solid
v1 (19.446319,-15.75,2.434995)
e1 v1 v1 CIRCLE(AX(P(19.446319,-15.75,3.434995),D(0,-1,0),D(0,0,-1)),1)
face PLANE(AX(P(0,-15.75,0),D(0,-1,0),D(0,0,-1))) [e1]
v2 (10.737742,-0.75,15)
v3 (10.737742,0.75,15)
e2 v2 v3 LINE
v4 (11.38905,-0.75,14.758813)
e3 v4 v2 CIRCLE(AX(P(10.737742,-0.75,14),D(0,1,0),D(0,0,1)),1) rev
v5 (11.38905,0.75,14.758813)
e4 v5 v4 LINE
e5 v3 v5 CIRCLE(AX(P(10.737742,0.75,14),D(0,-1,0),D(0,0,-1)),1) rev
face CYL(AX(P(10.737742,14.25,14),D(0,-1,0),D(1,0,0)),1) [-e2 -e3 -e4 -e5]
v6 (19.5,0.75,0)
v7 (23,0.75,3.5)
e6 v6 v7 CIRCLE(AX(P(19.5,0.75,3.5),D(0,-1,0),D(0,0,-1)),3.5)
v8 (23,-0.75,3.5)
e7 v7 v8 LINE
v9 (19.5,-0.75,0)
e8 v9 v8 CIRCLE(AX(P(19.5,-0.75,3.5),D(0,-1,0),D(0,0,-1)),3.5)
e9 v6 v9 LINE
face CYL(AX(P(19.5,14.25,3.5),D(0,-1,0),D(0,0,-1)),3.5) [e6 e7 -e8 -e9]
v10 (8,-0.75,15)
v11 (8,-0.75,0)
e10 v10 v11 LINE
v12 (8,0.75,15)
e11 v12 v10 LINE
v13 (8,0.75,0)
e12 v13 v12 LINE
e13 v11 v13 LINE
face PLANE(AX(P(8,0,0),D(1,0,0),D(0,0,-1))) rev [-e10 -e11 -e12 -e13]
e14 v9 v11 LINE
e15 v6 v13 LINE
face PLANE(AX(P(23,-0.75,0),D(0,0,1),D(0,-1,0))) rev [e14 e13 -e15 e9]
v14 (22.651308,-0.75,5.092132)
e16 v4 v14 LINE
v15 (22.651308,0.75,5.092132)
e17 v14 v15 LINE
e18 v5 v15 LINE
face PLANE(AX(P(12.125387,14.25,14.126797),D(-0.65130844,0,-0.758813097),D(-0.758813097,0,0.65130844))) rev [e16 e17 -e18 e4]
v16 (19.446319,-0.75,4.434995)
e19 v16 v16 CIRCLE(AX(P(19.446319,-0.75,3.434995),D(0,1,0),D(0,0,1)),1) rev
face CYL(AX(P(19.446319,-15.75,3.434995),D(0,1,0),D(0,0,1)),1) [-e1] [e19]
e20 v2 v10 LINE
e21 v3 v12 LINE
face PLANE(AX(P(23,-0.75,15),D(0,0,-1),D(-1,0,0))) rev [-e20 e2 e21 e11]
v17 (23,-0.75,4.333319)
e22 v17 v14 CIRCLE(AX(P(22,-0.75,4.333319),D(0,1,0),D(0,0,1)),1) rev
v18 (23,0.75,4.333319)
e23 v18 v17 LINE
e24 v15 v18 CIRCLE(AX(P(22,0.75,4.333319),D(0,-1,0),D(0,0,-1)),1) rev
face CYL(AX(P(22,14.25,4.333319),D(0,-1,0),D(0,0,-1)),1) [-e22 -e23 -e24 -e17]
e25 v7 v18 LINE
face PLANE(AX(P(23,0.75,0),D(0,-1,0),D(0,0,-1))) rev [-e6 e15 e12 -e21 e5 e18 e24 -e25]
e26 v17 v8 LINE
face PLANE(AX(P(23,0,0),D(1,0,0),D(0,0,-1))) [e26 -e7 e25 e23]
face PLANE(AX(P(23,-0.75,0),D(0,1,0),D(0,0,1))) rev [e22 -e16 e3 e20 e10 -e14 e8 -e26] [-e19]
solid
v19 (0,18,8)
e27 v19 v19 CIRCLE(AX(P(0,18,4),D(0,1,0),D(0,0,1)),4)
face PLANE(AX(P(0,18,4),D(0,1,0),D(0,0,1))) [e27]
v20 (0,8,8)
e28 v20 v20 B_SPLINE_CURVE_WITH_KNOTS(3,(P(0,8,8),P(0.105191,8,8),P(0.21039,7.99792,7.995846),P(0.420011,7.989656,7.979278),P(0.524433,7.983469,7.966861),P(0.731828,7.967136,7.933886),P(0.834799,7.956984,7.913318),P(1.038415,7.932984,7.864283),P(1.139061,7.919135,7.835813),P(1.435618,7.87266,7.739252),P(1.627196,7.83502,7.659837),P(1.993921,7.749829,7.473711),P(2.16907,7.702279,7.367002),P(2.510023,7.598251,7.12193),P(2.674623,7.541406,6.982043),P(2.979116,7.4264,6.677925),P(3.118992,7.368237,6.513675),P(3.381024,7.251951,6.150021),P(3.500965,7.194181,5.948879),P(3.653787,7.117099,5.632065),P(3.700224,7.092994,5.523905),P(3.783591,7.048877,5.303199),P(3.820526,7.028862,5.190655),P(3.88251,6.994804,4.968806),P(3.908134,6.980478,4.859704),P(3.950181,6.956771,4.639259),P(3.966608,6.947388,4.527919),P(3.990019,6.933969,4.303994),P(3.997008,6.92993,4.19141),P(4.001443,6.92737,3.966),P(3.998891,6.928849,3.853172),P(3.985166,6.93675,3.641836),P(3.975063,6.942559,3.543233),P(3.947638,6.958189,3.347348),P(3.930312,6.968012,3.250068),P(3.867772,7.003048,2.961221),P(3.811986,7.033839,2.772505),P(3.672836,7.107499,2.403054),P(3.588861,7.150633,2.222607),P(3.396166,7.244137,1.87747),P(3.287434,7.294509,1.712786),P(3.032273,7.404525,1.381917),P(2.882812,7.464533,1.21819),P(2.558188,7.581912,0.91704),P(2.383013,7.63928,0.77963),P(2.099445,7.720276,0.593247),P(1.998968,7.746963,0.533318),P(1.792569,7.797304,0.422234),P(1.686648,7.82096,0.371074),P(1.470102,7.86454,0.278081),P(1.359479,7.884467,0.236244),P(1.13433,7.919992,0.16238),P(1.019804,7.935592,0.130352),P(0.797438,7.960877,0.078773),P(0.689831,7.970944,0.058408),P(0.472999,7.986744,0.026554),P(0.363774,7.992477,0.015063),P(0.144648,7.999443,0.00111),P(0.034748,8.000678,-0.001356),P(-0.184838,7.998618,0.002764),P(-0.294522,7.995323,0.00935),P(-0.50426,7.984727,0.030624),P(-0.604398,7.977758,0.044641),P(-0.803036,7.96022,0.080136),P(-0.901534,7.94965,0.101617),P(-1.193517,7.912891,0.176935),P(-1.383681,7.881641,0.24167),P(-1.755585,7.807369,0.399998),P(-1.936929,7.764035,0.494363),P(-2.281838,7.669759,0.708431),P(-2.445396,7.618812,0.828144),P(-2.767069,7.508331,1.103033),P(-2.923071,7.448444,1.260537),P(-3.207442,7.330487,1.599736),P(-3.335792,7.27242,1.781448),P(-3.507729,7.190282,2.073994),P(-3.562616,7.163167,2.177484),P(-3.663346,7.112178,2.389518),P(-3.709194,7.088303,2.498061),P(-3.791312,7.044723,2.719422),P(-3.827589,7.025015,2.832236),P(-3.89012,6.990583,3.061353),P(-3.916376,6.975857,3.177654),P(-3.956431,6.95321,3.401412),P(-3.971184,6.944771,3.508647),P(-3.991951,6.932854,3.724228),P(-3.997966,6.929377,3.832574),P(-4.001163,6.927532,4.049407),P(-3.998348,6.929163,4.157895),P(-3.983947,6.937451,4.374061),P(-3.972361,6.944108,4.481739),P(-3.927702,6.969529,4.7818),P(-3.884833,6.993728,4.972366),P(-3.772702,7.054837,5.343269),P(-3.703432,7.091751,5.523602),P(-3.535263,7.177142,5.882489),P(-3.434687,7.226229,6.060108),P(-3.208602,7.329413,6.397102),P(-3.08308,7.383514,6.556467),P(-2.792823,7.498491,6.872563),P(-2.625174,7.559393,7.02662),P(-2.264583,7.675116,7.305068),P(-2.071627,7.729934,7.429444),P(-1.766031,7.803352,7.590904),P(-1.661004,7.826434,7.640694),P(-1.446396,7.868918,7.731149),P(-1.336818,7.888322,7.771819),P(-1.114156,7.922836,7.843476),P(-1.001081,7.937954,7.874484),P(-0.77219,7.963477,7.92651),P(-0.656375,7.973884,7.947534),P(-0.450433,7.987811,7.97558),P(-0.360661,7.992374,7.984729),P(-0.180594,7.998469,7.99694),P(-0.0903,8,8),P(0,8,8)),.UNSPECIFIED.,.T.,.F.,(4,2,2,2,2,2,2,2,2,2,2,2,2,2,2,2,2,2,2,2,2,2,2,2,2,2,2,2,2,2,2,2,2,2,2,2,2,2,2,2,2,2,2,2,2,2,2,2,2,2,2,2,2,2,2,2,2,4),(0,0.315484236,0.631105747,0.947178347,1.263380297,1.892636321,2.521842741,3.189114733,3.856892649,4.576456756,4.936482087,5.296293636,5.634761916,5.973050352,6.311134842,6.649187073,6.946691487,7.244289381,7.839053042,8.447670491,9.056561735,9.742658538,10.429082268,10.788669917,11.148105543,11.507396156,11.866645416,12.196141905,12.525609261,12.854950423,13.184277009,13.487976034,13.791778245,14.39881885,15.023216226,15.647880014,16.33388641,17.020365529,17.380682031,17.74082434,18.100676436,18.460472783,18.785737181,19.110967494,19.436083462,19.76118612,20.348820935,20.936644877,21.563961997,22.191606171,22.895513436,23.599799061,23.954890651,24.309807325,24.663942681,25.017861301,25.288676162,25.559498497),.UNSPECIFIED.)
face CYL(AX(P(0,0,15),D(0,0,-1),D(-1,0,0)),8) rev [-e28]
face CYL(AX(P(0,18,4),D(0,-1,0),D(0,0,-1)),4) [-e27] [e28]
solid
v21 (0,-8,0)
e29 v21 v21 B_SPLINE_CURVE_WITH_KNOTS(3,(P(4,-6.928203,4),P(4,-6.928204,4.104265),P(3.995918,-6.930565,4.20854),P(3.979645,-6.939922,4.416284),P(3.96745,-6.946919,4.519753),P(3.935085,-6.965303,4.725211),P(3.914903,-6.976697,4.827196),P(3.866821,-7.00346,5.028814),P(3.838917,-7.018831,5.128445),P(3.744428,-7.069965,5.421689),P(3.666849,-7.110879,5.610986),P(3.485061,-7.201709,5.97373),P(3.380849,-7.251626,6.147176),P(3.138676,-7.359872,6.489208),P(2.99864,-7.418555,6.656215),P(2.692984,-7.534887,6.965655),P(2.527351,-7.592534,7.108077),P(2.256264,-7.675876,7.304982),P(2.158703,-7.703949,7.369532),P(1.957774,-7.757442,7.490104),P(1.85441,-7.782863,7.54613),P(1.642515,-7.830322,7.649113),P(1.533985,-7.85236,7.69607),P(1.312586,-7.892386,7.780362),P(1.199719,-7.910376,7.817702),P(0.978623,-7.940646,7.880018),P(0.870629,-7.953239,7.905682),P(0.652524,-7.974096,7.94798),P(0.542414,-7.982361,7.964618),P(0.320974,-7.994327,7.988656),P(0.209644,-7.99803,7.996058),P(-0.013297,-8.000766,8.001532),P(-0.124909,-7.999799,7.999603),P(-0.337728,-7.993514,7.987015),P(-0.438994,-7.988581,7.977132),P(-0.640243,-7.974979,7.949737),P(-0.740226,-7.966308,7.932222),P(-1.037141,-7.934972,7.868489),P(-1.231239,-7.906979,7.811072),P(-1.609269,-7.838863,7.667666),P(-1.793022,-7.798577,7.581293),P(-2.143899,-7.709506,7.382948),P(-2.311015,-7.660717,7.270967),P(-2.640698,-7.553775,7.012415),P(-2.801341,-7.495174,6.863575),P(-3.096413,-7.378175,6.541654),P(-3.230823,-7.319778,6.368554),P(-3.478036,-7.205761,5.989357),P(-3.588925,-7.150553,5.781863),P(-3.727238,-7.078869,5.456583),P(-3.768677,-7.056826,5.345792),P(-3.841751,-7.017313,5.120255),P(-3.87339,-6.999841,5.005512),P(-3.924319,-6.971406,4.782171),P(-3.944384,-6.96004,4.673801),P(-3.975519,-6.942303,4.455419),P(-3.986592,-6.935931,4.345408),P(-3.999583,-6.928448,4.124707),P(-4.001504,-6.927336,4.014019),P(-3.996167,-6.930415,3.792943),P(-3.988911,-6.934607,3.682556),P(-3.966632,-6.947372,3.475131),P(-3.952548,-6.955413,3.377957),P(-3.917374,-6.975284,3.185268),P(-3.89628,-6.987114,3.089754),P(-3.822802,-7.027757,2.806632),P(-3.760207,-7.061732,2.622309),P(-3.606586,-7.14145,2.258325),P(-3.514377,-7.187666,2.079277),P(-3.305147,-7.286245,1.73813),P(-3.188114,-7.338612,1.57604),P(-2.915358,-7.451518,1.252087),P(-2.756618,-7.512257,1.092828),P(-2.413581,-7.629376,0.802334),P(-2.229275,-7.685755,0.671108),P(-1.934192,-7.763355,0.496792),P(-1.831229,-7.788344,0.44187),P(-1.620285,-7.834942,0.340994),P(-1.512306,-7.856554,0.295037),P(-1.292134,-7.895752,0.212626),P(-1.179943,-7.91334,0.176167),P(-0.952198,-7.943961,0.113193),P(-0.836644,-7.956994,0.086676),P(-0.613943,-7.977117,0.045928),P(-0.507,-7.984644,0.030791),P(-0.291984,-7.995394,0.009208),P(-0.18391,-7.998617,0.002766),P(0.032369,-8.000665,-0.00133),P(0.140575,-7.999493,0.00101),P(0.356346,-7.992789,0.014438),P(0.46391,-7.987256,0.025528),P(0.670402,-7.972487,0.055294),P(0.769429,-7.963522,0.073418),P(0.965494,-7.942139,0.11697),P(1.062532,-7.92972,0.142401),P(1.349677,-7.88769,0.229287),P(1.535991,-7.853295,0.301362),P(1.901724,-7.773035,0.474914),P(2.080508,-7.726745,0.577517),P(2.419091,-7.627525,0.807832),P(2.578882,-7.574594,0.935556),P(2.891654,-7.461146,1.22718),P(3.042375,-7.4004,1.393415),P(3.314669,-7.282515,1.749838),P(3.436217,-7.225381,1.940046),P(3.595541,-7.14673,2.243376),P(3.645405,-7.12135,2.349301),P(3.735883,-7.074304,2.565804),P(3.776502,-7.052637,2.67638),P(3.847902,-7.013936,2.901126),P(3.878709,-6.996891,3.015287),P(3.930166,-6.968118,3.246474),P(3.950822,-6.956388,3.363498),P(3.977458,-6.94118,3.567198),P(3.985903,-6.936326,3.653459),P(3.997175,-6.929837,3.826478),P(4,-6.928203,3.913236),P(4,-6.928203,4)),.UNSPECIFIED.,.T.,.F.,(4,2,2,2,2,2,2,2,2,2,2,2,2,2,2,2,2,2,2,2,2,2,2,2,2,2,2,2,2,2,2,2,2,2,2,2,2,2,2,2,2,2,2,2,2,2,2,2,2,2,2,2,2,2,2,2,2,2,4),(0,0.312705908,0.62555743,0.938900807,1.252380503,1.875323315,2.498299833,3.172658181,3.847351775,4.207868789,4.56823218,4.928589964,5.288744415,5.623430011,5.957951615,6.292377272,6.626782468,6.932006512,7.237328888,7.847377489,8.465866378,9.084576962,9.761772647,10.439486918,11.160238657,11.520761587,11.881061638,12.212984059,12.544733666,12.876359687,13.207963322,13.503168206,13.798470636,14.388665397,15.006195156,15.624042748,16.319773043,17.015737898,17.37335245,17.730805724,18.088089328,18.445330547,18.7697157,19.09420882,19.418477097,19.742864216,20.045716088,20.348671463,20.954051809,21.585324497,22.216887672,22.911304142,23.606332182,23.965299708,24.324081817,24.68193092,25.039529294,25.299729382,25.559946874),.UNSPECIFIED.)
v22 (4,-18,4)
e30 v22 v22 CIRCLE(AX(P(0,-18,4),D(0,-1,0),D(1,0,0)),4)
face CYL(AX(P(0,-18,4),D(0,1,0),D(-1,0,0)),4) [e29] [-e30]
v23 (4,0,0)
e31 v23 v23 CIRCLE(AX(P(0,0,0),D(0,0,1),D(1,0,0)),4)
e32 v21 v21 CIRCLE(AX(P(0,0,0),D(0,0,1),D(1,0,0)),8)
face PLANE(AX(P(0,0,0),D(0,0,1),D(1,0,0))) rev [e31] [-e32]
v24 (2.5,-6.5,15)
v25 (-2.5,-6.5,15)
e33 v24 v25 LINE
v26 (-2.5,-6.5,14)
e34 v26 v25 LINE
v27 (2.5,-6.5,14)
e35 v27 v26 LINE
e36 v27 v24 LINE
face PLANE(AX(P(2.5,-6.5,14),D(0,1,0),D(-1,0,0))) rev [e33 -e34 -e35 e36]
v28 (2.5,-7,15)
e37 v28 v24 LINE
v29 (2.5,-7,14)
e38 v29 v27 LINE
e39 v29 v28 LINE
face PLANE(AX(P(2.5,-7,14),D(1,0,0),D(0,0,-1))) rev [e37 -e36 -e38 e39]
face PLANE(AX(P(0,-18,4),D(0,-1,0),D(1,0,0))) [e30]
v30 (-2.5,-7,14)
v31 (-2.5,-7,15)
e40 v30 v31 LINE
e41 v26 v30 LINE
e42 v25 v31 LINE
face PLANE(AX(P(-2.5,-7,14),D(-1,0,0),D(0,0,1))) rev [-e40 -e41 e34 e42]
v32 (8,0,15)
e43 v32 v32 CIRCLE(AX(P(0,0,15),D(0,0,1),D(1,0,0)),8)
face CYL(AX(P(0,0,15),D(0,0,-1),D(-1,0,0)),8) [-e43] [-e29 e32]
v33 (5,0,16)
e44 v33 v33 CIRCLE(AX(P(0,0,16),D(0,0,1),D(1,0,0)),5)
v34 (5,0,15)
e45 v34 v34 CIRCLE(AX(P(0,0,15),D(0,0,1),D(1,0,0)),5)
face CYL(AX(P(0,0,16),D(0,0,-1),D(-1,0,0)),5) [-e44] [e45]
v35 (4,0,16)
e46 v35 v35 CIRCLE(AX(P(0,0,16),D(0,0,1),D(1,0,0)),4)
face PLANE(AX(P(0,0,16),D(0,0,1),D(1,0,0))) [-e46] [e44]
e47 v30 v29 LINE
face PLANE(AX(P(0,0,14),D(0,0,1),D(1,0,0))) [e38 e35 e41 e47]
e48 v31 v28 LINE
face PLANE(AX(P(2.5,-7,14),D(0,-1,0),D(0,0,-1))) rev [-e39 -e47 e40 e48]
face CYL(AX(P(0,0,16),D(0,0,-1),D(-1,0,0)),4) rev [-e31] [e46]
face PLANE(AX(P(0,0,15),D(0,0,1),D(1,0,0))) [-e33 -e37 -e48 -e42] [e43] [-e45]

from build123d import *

# Parameters (mm, degrees)
SKETCH1_R                            = 8
BOSS_EXTRUDE1_DEPTH                  = 15
SKETCH2_R                            = 5
SKETCH2_R_2                          = 4
BOSS_EXTRUDE2_DEPTH                  = 1
CUT_EXTRUDE1_START                   = -15
SKETCH3_R                            = 4
CUT_EXTRUDE1_DEPTH                   = 15
SKETCH4_R                            = 4
BOSS_EXTRUDE3_DEPTH                  = 10
BOSS_EXTRUDE3_DIRECTION_2_REACH      = 26
BOSS_EXTRUDE3_DIRECTION_2_END_RADIUS = 8
SKETCH6_R                            = 4
BOSS_EXTRUDE4_DEPTH                  = 10
BOSS_EXTRUDE4_DIRECTION_2_REACH      = 33.559
BOSS_EXTRUDE4_DIRECTION_2_END_RADIUS = 8
SKETCH7_W                            = 15
SKETCH7_H                            = 1.5
BOSS_EXTRUDE5_DEPTH                  = 15
CUT_EXTRUDE2_DEPTH                   = 15
CUT_EXTRUDE3_DEPTH                   = 15
FILLET1_R                            = 1
FILLET2_R                            = 1
SKETCH12_R                           = 1
BOSS_EXTRUDE6_DEPTH                  = 15
SKETCH13_W                           = 5
SKETCH13_H                           = 0.5
CUT_EXTRUDE4_DEPTH                   = 1


with BuildPart() as part:
    # Sketch1 → Boss-Extrude1 (new body)
    with BuildSketch(Plane.XY):
        Circle(SKETCH1_R)
    extrude(amount=BOSS_EXTRUDE1_DEPTH)

    # Sketch2 → Boss-Extrude2 (add)
    with BuildSketch(Plane.XY.offset(15)):
        Circle(SKETCH2_R)
        Circle(SKETCH2_R_2, mode=Mode.SUBTRACT)
    extrude(amount=BOSS_EXTRUDE2_DEPTH)

    # Sketch3 → Cut-Extrude1 (cut)
    with BuildSketch(Plane.XY.offset(15).offset(CUT_EXTRUDE1_START)):
        Circle(SKETCH3_R)
    extrude(amount=CUT_EXTRUDE1_DEPTH, mode=Mode.SUBTRACT)

    # Sketch6 → Boss-Extrude4 (add)
    with BuildSketch(Plane(origin=(0, -8, 0), x_dir=(-1, 0, 0), z_dir=(0, -1, 0))):
        with Locations(Location((0, -4, 0), (0, 0, 270))):
            Circle(SKETCH6_R)
    extrude(amount=BOSS_EXTRUDE4_DEPTH)

    # Boss-Extrude4 direction 2: up to this cylinder (the profile starts outside it)
    boss_extrude4_direction_2_end = Plane(origin=(0, 0, 4), z_dir=(0, 0, -1)) * Cylinder(BOSS_EXTRUDE4_DIRECTION_2_END_RADIUS, 84.118, mode=Mode.PRIVATE)
    # Sketch6 → Boss-Extrude4 direction 2 (add, up to the surface)
    with BuildSketch(Plane(origin=(0, -8, 0), x_dir=(-1, 0, 0), z_dir=(0, -1, 0)), mode=Mode.PRIVATE) as boss_extrude4_direction_2_sk1:
        with Locations(Location((0, -4, 0), (0, 0, 270))):
            Circle(SKETCH6_R)
    boss_extrude4_direction_2_tool1 = extrude(boss_extrude4_direction_2_sk1.sketch, amount=-BOSS_EXTRUDE4_DIRECTION_2_REACH, mode=Mode.PRIVATE) - boss_extrude4_direction_2_end
    add(boss_extrude4_direction_2_tool1.solids().sort_by_distance((0, -8, 4))[0])
    add(boss_extrude4_direction_2_tool1.solids().sort_by_distance((0, -8, 4))[1])

    # Sketch13 → Cut-Extrude4 (cut)
    with BuildSketch(Plane.XY.offset(15)):
        with Locations((0, -6.75)):
            Rectangle(SKETCH13_W, SKETCH13_H)
    extrude(amount=-CUT_EXTRUDE4_DEPTH, mode=Mode.SUBTRACT)


with BuildPart() as body_2:
    # Sketch4 → Boss-Extrude3 (new body)
    with BuildSketch(Plane(origin=(0, 8, 0), x_dir=(1, 0, 0), z_dir=(0, 1, 0))):
        with Locations(Location((0, -4, 0), (0, 0, 270))):
            Circle(SKETCH4_R)
    extrude(amount=BOSS_EXTRUDE3_DEPTH)

    # Boss-Extrude3 direction 2: up to this cylinder (the profile starts outside it)
    boss_extrude3_direction_2_end = Plane(origin=(0, 0, 4), z_dir=(0, 0, -1)) * Cylinder(BOSS_EXTRUDE3_DIRECTION_2_END_RADIUS, 69, mode=Mode.PRIVATE)
    # Sketch4 → Boss-Extrude3 direction 2 (add, up to the surface)
    with BuildSketch(Plane(origin=(0, 8, 0), x_dir=(1, 0, 0), z_dir=(0, 1, 0)), mode=Mode.PRIVATE) as boss_extrude3_direction_2_sk1:
        with Locations(Location((0, -4, 0), (0, 0, 270))):
            Circle(SKETCH4_R)
    boss_extrude3_direction_2_tool1 = extrude(boss_extrude3_direction_2_sk1.sketch, amount=-BOSS_EXTRUDE3_DIRECTION_2_REACH, mode=Mode.PRIVATE) - boss_extrude3_direction_2_end
    add(boss_extrude3_direction_2_tool1.solids().sort_by_distance((0, 8, 4))[0])
    add(boss_extrude3_direction_2_tool1.solids().sort_by_distance((0, 8, 4))[1])


with BuildPart() as body_3:
    # Sketch7 → Boss-Extrude5 (new body)
    with BuildSketch(Plane(origin=(8, 0, 0), x_dir=(0, 0, -1), z_dir=(1, 0, 0))):
        with Locations((-7.5, 0)):
            Rectangle(SKETCH7_W, SKETCH7_H)
    extrude(amount=BOSS_EXTRUDE5_DEPTH)

    # Sketch9 → Cut-Extrude2 (cut)
    with BuildSketch(Plane.XZ.offset(0.75)):
        with BuildLine():
            ThreePointArc((23, 3.5), (21.974873734, 1.025126266), (19.5, 0))
            Line((19.5, 0), (23, 0))
            Line((23, 0), (23, 3.5))
        make_face()
    extrude(amount=-CUT_EXTRUDE2_DEPTH, mode=Mode.SUBTRACT)

    # Sketch11 → Cut-Extrude3 (cut)
    with BuildSketch(Plane(origin=(0, -0.75, 0), x_dir=(-1, 0, 0), z_dir=(0, -1, 0))):
        Polygon((-23, -15), (-11.108053079, -15), (-23, -4.792841708), align=None)
    extrude(amount=-CUT_EXTRUDE3_DEPTH, mode=Mode.SUBTRACT)

    # Fillet1
    fillet1_edges = [body_3.edges().sort_by_distance(p)[0] for p in [
        (11.108053079, 0, 15),
    ]]
    fillet(fillet1_edges, radius=FILLET1_R)

    # Fillet2
    fillet2_edges = [body_3.edges().sort_by_distance(p)[0] for p in [
        (23, 0, 4.792841708),
    ]]
    fillet(fillet2_edges, radius=FILLET2_R)

    # Sketch12 → Boss-Extrude6 (add)
    with BuildSketch(Plane.XZ.offset(0.75)):
        with Locations(Location((19.446318933, 3.434994956, 0), (0, 0, 90))):
            Circle(SKETCH12_R)
    extrude(amount=BOSS_EXTRUDE6_DEPTH)


solid = Compound([part.part, body_2.part, body_3.part])
